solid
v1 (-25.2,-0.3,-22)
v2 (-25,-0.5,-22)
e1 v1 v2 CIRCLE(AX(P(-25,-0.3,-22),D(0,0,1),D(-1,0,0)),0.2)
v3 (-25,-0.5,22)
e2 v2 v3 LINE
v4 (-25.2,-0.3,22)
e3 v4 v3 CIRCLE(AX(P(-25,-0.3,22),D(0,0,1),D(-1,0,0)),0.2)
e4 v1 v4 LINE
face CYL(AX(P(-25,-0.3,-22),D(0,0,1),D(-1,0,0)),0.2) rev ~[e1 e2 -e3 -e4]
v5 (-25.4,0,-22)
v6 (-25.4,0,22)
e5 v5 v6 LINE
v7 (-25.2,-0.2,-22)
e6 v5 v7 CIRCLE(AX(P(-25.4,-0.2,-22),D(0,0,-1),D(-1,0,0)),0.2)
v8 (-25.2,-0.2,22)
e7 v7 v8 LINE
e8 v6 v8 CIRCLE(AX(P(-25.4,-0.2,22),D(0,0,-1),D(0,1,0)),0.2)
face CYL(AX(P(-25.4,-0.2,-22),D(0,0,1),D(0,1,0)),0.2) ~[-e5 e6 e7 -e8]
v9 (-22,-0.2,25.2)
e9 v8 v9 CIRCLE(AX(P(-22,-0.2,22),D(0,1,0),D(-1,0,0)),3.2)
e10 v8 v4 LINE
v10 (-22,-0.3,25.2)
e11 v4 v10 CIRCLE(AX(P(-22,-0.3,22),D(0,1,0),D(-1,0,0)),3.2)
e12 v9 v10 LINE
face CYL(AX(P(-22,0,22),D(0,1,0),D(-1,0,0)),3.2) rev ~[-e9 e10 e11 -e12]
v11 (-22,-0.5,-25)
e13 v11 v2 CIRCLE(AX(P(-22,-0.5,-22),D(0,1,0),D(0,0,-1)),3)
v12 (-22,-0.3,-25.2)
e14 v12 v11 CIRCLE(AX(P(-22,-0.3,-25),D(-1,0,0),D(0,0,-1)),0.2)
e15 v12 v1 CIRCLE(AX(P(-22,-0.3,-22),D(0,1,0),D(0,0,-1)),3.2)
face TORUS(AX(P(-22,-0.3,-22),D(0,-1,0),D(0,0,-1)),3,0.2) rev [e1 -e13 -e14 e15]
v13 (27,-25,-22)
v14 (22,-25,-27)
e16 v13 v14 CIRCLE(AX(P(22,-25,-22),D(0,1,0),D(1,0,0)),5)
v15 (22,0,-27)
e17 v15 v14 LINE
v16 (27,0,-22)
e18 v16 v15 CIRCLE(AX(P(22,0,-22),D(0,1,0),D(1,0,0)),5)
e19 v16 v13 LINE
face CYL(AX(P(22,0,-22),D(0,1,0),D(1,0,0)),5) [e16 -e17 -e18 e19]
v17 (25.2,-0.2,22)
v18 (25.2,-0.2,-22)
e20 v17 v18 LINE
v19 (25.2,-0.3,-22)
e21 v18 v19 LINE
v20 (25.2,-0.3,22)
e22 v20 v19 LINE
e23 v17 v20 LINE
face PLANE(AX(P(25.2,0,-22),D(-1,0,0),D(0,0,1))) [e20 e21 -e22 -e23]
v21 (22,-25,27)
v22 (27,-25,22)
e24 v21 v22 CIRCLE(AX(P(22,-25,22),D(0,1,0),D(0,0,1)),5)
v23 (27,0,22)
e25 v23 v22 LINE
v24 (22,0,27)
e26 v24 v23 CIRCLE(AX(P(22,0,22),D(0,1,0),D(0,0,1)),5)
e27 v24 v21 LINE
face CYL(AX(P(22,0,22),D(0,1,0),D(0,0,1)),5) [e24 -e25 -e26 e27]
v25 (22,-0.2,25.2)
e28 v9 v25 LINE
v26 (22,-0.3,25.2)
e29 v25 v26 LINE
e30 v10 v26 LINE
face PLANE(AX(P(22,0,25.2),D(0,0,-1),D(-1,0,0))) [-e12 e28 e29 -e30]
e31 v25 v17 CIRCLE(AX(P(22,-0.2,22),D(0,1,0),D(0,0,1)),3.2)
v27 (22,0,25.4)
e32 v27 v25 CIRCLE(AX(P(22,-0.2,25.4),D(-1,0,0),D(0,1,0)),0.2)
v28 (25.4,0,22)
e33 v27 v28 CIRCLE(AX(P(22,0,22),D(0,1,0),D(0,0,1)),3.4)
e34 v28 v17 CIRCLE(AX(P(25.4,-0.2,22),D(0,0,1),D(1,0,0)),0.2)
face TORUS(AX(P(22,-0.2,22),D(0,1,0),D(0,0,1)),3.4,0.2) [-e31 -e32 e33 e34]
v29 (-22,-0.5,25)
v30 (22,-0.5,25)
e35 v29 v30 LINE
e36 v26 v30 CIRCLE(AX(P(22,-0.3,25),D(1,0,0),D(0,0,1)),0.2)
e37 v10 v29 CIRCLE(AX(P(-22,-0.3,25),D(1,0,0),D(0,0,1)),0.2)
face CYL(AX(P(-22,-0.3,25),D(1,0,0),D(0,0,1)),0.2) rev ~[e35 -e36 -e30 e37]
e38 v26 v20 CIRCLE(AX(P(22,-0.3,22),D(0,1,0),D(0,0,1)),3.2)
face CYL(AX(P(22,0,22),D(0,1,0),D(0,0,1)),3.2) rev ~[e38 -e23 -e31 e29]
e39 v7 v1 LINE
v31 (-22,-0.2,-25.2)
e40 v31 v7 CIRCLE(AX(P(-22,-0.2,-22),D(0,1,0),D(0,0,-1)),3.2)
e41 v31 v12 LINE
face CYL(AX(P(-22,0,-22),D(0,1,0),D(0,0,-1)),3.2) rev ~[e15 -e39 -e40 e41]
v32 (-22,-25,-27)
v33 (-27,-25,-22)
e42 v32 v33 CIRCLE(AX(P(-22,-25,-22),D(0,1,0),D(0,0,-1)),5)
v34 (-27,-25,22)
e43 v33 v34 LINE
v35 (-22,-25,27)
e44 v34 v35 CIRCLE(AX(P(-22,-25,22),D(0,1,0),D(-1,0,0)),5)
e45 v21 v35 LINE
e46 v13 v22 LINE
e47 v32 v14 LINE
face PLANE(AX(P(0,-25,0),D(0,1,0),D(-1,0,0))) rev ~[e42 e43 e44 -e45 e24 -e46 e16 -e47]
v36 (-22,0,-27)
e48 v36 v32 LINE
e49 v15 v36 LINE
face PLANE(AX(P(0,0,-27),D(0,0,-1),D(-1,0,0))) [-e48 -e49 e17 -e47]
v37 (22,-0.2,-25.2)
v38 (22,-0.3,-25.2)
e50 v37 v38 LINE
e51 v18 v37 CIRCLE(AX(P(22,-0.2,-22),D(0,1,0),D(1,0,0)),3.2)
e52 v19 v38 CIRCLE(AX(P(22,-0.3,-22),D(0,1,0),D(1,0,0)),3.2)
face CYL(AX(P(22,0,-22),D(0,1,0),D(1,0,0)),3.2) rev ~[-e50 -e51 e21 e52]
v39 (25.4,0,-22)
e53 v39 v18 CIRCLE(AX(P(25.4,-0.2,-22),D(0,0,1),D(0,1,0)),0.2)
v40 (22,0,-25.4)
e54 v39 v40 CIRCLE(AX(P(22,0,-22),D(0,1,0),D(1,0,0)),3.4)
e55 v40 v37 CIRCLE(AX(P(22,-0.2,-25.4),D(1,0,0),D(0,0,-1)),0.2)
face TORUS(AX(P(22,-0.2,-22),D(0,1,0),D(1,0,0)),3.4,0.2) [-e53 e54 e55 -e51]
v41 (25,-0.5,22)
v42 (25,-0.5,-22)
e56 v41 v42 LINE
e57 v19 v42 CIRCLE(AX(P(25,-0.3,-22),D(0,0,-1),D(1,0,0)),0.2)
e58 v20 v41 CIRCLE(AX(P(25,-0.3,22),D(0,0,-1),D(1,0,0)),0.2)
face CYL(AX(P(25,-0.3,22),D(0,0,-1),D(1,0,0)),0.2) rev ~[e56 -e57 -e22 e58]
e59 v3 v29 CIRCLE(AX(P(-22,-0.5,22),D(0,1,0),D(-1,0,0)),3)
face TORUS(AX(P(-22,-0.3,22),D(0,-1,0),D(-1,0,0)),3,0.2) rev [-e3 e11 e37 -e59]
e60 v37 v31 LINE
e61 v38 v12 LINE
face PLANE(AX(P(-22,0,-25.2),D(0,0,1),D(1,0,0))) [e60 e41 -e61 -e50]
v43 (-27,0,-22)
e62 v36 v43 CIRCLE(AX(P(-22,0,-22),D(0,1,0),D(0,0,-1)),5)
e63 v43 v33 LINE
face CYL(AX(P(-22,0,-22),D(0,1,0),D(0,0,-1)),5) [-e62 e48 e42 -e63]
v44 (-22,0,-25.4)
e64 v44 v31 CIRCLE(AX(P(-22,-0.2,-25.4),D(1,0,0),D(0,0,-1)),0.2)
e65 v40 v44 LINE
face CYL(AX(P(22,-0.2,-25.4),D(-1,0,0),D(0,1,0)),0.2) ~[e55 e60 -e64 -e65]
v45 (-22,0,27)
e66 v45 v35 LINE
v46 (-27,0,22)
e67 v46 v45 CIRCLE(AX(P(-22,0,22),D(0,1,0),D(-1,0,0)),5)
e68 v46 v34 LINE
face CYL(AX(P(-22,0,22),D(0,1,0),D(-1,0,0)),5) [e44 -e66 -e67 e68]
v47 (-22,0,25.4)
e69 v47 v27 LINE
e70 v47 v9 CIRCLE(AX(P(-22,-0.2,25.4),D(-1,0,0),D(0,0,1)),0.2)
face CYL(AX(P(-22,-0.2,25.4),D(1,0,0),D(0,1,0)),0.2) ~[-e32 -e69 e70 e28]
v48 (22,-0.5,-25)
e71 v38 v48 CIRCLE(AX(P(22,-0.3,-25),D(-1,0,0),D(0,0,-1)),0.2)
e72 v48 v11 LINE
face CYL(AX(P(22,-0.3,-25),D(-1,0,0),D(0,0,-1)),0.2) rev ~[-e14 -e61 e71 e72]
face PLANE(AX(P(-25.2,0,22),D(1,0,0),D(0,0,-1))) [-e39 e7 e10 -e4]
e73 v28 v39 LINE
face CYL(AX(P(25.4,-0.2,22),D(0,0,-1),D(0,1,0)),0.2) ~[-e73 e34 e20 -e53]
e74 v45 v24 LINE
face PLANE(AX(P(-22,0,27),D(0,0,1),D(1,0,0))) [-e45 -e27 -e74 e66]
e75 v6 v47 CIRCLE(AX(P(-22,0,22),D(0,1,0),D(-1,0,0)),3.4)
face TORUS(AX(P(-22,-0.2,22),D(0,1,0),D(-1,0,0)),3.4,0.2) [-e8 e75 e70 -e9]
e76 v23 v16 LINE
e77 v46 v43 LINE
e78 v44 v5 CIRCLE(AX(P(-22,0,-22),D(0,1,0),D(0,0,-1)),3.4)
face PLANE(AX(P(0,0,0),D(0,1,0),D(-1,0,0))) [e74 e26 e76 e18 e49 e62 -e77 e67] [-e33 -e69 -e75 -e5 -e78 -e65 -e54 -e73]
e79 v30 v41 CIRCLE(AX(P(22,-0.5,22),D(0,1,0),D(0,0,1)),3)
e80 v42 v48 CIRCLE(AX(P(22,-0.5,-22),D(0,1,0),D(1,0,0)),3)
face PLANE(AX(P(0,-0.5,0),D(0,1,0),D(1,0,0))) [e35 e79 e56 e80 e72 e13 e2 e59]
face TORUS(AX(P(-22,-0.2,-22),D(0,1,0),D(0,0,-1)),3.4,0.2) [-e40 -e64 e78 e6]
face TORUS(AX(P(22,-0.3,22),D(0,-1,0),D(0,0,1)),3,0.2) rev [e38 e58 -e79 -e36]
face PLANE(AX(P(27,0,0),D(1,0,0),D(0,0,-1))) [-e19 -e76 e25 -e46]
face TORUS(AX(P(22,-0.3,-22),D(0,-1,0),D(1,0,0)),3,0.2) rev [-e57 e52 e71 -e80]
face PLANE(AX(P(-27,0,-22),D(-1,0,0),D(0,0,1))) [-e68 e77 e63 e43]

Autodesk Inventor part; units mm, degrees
ref_plane "YZ Plane" through (0, 0, 0) normal (1, 0, 0) x (0, 1, 0)
ref_plane "XZ Plane" through (0, 0, 0) normal (0, 1, 0) x (-1, 0, 0)
ref_plane "XY Plane" through (0, 0, 0) normal (0, 0, 1) x (1, 0, 0)
sketch "Sketch1" plane through (0, 0, 0) normal (0, 1, 0) x (-1, 0, 0)
  line L0 (50, 0) -> (-50, 0)
  line L1 (0, 50) -> (0, -50)
  line L2 (22, 27) -> (-22, 27)
  arc A0 (-22, 27) -> (-27, 22) centre (-22, 22) ccw
  line L3 (-27, 22) -> (-27, -22)
  arc A1 (-27, -22) -> (-22, -27) centre (-22, -22) ccw
  line L4 (-22, -27) -> (22, -27)
  arc A2 (22, -27) -> (27, -22) centre (22, -22) ccw
  line L5 (27, -22) -> (27, 22)
  arc A3 (27, 22) -> (22, 27) centre (22, 22) ccw
  point P0 (0, 0)
  dimension "d0" = 100
  dimension "d1" = 100
  dimension "core_outer_width" = 54
  dimension "core_outer_radius" = 5
extrude "Extrusion1" add sketch "Sketch1" against normal blind 25
sketch "Sketch2" plane through (0, 0, 0) normal (0, 1, 0) x (1, 0, 0)
  line L0 (-27, 22) -> (-27, -22) construction
  arc A0 (-27, -22) -> (-22, -27) centre (-22, -22) ccw construction
  line L1 (-22, -27) -> (22, -27) construction
  arc A1 (22, -27) -> (27, -22) centre (22, -22) ccw construction
  line L2 (27, -22) -> (27, 22) construction
  arc A2 (27, 22) -> (22, 27) centre (22, 22) ccw construction
  line L3 (22, 27) -> (-22, 27) construction
  arc A3 (-22, 27) -> (-27, 22) centre (-22, 22) ccw construction
  line L4 (22, -25.2) -> (-22, -25.2)
  arc A4 (-25.2, -22) -> (-22, -25.2) centre (-22, -22) ccw
  line L5 (-25.2, -22) -> (-25.2, 22)
  arc A5 (-22, 25.2) -> (-25.2, 22) centre (-22, 22) ccw
  line L6 (-22, 25.2) -> (22, 25.2)
  arc A6 (25.2, 22) -> (22, 25.2) centre (22, 22) ccw
  line L7 (25.2, 22) -> (25.2, -22)
  arc A7 (22, -25.2) -> (25.2, -22) centre (22, -22) ccw
  point P0 (0, 0)
  dimension "d6" = 1.8
extrude "Extrusion2" cut sketch "Sketch2" against normal blind 0.5
fillet "Fillet1" radius 0.2 16 edges at (-24.2627, -0.5, -24.2627) (0, -0.5, -25.2) (24.2627, -0.5, -24.2627) (25.2, -0.5, 0) (24.2627, -0.5, 24.2627) (0, -0.5, 25.2) (-24.2627, -0.5, 24.2627) (-25.2, -0.5, 0) (-24.2627, 0, -24.2627) (0, 0, -25.2) (24.2627, 0, -24.2627) (25.2, 0, 0) (24.2627, 0, 24.2627) (0, 0, 25.2) (-24.2627, 0, 24.2627) (-25.2, 0, 0)
equation "\"d6\" = -0.5 * core_inner_width + 0.5 * core_outer_width"
equation "\"core_inner_width\" = 50.4"
properties part number "core_dummy_1"
